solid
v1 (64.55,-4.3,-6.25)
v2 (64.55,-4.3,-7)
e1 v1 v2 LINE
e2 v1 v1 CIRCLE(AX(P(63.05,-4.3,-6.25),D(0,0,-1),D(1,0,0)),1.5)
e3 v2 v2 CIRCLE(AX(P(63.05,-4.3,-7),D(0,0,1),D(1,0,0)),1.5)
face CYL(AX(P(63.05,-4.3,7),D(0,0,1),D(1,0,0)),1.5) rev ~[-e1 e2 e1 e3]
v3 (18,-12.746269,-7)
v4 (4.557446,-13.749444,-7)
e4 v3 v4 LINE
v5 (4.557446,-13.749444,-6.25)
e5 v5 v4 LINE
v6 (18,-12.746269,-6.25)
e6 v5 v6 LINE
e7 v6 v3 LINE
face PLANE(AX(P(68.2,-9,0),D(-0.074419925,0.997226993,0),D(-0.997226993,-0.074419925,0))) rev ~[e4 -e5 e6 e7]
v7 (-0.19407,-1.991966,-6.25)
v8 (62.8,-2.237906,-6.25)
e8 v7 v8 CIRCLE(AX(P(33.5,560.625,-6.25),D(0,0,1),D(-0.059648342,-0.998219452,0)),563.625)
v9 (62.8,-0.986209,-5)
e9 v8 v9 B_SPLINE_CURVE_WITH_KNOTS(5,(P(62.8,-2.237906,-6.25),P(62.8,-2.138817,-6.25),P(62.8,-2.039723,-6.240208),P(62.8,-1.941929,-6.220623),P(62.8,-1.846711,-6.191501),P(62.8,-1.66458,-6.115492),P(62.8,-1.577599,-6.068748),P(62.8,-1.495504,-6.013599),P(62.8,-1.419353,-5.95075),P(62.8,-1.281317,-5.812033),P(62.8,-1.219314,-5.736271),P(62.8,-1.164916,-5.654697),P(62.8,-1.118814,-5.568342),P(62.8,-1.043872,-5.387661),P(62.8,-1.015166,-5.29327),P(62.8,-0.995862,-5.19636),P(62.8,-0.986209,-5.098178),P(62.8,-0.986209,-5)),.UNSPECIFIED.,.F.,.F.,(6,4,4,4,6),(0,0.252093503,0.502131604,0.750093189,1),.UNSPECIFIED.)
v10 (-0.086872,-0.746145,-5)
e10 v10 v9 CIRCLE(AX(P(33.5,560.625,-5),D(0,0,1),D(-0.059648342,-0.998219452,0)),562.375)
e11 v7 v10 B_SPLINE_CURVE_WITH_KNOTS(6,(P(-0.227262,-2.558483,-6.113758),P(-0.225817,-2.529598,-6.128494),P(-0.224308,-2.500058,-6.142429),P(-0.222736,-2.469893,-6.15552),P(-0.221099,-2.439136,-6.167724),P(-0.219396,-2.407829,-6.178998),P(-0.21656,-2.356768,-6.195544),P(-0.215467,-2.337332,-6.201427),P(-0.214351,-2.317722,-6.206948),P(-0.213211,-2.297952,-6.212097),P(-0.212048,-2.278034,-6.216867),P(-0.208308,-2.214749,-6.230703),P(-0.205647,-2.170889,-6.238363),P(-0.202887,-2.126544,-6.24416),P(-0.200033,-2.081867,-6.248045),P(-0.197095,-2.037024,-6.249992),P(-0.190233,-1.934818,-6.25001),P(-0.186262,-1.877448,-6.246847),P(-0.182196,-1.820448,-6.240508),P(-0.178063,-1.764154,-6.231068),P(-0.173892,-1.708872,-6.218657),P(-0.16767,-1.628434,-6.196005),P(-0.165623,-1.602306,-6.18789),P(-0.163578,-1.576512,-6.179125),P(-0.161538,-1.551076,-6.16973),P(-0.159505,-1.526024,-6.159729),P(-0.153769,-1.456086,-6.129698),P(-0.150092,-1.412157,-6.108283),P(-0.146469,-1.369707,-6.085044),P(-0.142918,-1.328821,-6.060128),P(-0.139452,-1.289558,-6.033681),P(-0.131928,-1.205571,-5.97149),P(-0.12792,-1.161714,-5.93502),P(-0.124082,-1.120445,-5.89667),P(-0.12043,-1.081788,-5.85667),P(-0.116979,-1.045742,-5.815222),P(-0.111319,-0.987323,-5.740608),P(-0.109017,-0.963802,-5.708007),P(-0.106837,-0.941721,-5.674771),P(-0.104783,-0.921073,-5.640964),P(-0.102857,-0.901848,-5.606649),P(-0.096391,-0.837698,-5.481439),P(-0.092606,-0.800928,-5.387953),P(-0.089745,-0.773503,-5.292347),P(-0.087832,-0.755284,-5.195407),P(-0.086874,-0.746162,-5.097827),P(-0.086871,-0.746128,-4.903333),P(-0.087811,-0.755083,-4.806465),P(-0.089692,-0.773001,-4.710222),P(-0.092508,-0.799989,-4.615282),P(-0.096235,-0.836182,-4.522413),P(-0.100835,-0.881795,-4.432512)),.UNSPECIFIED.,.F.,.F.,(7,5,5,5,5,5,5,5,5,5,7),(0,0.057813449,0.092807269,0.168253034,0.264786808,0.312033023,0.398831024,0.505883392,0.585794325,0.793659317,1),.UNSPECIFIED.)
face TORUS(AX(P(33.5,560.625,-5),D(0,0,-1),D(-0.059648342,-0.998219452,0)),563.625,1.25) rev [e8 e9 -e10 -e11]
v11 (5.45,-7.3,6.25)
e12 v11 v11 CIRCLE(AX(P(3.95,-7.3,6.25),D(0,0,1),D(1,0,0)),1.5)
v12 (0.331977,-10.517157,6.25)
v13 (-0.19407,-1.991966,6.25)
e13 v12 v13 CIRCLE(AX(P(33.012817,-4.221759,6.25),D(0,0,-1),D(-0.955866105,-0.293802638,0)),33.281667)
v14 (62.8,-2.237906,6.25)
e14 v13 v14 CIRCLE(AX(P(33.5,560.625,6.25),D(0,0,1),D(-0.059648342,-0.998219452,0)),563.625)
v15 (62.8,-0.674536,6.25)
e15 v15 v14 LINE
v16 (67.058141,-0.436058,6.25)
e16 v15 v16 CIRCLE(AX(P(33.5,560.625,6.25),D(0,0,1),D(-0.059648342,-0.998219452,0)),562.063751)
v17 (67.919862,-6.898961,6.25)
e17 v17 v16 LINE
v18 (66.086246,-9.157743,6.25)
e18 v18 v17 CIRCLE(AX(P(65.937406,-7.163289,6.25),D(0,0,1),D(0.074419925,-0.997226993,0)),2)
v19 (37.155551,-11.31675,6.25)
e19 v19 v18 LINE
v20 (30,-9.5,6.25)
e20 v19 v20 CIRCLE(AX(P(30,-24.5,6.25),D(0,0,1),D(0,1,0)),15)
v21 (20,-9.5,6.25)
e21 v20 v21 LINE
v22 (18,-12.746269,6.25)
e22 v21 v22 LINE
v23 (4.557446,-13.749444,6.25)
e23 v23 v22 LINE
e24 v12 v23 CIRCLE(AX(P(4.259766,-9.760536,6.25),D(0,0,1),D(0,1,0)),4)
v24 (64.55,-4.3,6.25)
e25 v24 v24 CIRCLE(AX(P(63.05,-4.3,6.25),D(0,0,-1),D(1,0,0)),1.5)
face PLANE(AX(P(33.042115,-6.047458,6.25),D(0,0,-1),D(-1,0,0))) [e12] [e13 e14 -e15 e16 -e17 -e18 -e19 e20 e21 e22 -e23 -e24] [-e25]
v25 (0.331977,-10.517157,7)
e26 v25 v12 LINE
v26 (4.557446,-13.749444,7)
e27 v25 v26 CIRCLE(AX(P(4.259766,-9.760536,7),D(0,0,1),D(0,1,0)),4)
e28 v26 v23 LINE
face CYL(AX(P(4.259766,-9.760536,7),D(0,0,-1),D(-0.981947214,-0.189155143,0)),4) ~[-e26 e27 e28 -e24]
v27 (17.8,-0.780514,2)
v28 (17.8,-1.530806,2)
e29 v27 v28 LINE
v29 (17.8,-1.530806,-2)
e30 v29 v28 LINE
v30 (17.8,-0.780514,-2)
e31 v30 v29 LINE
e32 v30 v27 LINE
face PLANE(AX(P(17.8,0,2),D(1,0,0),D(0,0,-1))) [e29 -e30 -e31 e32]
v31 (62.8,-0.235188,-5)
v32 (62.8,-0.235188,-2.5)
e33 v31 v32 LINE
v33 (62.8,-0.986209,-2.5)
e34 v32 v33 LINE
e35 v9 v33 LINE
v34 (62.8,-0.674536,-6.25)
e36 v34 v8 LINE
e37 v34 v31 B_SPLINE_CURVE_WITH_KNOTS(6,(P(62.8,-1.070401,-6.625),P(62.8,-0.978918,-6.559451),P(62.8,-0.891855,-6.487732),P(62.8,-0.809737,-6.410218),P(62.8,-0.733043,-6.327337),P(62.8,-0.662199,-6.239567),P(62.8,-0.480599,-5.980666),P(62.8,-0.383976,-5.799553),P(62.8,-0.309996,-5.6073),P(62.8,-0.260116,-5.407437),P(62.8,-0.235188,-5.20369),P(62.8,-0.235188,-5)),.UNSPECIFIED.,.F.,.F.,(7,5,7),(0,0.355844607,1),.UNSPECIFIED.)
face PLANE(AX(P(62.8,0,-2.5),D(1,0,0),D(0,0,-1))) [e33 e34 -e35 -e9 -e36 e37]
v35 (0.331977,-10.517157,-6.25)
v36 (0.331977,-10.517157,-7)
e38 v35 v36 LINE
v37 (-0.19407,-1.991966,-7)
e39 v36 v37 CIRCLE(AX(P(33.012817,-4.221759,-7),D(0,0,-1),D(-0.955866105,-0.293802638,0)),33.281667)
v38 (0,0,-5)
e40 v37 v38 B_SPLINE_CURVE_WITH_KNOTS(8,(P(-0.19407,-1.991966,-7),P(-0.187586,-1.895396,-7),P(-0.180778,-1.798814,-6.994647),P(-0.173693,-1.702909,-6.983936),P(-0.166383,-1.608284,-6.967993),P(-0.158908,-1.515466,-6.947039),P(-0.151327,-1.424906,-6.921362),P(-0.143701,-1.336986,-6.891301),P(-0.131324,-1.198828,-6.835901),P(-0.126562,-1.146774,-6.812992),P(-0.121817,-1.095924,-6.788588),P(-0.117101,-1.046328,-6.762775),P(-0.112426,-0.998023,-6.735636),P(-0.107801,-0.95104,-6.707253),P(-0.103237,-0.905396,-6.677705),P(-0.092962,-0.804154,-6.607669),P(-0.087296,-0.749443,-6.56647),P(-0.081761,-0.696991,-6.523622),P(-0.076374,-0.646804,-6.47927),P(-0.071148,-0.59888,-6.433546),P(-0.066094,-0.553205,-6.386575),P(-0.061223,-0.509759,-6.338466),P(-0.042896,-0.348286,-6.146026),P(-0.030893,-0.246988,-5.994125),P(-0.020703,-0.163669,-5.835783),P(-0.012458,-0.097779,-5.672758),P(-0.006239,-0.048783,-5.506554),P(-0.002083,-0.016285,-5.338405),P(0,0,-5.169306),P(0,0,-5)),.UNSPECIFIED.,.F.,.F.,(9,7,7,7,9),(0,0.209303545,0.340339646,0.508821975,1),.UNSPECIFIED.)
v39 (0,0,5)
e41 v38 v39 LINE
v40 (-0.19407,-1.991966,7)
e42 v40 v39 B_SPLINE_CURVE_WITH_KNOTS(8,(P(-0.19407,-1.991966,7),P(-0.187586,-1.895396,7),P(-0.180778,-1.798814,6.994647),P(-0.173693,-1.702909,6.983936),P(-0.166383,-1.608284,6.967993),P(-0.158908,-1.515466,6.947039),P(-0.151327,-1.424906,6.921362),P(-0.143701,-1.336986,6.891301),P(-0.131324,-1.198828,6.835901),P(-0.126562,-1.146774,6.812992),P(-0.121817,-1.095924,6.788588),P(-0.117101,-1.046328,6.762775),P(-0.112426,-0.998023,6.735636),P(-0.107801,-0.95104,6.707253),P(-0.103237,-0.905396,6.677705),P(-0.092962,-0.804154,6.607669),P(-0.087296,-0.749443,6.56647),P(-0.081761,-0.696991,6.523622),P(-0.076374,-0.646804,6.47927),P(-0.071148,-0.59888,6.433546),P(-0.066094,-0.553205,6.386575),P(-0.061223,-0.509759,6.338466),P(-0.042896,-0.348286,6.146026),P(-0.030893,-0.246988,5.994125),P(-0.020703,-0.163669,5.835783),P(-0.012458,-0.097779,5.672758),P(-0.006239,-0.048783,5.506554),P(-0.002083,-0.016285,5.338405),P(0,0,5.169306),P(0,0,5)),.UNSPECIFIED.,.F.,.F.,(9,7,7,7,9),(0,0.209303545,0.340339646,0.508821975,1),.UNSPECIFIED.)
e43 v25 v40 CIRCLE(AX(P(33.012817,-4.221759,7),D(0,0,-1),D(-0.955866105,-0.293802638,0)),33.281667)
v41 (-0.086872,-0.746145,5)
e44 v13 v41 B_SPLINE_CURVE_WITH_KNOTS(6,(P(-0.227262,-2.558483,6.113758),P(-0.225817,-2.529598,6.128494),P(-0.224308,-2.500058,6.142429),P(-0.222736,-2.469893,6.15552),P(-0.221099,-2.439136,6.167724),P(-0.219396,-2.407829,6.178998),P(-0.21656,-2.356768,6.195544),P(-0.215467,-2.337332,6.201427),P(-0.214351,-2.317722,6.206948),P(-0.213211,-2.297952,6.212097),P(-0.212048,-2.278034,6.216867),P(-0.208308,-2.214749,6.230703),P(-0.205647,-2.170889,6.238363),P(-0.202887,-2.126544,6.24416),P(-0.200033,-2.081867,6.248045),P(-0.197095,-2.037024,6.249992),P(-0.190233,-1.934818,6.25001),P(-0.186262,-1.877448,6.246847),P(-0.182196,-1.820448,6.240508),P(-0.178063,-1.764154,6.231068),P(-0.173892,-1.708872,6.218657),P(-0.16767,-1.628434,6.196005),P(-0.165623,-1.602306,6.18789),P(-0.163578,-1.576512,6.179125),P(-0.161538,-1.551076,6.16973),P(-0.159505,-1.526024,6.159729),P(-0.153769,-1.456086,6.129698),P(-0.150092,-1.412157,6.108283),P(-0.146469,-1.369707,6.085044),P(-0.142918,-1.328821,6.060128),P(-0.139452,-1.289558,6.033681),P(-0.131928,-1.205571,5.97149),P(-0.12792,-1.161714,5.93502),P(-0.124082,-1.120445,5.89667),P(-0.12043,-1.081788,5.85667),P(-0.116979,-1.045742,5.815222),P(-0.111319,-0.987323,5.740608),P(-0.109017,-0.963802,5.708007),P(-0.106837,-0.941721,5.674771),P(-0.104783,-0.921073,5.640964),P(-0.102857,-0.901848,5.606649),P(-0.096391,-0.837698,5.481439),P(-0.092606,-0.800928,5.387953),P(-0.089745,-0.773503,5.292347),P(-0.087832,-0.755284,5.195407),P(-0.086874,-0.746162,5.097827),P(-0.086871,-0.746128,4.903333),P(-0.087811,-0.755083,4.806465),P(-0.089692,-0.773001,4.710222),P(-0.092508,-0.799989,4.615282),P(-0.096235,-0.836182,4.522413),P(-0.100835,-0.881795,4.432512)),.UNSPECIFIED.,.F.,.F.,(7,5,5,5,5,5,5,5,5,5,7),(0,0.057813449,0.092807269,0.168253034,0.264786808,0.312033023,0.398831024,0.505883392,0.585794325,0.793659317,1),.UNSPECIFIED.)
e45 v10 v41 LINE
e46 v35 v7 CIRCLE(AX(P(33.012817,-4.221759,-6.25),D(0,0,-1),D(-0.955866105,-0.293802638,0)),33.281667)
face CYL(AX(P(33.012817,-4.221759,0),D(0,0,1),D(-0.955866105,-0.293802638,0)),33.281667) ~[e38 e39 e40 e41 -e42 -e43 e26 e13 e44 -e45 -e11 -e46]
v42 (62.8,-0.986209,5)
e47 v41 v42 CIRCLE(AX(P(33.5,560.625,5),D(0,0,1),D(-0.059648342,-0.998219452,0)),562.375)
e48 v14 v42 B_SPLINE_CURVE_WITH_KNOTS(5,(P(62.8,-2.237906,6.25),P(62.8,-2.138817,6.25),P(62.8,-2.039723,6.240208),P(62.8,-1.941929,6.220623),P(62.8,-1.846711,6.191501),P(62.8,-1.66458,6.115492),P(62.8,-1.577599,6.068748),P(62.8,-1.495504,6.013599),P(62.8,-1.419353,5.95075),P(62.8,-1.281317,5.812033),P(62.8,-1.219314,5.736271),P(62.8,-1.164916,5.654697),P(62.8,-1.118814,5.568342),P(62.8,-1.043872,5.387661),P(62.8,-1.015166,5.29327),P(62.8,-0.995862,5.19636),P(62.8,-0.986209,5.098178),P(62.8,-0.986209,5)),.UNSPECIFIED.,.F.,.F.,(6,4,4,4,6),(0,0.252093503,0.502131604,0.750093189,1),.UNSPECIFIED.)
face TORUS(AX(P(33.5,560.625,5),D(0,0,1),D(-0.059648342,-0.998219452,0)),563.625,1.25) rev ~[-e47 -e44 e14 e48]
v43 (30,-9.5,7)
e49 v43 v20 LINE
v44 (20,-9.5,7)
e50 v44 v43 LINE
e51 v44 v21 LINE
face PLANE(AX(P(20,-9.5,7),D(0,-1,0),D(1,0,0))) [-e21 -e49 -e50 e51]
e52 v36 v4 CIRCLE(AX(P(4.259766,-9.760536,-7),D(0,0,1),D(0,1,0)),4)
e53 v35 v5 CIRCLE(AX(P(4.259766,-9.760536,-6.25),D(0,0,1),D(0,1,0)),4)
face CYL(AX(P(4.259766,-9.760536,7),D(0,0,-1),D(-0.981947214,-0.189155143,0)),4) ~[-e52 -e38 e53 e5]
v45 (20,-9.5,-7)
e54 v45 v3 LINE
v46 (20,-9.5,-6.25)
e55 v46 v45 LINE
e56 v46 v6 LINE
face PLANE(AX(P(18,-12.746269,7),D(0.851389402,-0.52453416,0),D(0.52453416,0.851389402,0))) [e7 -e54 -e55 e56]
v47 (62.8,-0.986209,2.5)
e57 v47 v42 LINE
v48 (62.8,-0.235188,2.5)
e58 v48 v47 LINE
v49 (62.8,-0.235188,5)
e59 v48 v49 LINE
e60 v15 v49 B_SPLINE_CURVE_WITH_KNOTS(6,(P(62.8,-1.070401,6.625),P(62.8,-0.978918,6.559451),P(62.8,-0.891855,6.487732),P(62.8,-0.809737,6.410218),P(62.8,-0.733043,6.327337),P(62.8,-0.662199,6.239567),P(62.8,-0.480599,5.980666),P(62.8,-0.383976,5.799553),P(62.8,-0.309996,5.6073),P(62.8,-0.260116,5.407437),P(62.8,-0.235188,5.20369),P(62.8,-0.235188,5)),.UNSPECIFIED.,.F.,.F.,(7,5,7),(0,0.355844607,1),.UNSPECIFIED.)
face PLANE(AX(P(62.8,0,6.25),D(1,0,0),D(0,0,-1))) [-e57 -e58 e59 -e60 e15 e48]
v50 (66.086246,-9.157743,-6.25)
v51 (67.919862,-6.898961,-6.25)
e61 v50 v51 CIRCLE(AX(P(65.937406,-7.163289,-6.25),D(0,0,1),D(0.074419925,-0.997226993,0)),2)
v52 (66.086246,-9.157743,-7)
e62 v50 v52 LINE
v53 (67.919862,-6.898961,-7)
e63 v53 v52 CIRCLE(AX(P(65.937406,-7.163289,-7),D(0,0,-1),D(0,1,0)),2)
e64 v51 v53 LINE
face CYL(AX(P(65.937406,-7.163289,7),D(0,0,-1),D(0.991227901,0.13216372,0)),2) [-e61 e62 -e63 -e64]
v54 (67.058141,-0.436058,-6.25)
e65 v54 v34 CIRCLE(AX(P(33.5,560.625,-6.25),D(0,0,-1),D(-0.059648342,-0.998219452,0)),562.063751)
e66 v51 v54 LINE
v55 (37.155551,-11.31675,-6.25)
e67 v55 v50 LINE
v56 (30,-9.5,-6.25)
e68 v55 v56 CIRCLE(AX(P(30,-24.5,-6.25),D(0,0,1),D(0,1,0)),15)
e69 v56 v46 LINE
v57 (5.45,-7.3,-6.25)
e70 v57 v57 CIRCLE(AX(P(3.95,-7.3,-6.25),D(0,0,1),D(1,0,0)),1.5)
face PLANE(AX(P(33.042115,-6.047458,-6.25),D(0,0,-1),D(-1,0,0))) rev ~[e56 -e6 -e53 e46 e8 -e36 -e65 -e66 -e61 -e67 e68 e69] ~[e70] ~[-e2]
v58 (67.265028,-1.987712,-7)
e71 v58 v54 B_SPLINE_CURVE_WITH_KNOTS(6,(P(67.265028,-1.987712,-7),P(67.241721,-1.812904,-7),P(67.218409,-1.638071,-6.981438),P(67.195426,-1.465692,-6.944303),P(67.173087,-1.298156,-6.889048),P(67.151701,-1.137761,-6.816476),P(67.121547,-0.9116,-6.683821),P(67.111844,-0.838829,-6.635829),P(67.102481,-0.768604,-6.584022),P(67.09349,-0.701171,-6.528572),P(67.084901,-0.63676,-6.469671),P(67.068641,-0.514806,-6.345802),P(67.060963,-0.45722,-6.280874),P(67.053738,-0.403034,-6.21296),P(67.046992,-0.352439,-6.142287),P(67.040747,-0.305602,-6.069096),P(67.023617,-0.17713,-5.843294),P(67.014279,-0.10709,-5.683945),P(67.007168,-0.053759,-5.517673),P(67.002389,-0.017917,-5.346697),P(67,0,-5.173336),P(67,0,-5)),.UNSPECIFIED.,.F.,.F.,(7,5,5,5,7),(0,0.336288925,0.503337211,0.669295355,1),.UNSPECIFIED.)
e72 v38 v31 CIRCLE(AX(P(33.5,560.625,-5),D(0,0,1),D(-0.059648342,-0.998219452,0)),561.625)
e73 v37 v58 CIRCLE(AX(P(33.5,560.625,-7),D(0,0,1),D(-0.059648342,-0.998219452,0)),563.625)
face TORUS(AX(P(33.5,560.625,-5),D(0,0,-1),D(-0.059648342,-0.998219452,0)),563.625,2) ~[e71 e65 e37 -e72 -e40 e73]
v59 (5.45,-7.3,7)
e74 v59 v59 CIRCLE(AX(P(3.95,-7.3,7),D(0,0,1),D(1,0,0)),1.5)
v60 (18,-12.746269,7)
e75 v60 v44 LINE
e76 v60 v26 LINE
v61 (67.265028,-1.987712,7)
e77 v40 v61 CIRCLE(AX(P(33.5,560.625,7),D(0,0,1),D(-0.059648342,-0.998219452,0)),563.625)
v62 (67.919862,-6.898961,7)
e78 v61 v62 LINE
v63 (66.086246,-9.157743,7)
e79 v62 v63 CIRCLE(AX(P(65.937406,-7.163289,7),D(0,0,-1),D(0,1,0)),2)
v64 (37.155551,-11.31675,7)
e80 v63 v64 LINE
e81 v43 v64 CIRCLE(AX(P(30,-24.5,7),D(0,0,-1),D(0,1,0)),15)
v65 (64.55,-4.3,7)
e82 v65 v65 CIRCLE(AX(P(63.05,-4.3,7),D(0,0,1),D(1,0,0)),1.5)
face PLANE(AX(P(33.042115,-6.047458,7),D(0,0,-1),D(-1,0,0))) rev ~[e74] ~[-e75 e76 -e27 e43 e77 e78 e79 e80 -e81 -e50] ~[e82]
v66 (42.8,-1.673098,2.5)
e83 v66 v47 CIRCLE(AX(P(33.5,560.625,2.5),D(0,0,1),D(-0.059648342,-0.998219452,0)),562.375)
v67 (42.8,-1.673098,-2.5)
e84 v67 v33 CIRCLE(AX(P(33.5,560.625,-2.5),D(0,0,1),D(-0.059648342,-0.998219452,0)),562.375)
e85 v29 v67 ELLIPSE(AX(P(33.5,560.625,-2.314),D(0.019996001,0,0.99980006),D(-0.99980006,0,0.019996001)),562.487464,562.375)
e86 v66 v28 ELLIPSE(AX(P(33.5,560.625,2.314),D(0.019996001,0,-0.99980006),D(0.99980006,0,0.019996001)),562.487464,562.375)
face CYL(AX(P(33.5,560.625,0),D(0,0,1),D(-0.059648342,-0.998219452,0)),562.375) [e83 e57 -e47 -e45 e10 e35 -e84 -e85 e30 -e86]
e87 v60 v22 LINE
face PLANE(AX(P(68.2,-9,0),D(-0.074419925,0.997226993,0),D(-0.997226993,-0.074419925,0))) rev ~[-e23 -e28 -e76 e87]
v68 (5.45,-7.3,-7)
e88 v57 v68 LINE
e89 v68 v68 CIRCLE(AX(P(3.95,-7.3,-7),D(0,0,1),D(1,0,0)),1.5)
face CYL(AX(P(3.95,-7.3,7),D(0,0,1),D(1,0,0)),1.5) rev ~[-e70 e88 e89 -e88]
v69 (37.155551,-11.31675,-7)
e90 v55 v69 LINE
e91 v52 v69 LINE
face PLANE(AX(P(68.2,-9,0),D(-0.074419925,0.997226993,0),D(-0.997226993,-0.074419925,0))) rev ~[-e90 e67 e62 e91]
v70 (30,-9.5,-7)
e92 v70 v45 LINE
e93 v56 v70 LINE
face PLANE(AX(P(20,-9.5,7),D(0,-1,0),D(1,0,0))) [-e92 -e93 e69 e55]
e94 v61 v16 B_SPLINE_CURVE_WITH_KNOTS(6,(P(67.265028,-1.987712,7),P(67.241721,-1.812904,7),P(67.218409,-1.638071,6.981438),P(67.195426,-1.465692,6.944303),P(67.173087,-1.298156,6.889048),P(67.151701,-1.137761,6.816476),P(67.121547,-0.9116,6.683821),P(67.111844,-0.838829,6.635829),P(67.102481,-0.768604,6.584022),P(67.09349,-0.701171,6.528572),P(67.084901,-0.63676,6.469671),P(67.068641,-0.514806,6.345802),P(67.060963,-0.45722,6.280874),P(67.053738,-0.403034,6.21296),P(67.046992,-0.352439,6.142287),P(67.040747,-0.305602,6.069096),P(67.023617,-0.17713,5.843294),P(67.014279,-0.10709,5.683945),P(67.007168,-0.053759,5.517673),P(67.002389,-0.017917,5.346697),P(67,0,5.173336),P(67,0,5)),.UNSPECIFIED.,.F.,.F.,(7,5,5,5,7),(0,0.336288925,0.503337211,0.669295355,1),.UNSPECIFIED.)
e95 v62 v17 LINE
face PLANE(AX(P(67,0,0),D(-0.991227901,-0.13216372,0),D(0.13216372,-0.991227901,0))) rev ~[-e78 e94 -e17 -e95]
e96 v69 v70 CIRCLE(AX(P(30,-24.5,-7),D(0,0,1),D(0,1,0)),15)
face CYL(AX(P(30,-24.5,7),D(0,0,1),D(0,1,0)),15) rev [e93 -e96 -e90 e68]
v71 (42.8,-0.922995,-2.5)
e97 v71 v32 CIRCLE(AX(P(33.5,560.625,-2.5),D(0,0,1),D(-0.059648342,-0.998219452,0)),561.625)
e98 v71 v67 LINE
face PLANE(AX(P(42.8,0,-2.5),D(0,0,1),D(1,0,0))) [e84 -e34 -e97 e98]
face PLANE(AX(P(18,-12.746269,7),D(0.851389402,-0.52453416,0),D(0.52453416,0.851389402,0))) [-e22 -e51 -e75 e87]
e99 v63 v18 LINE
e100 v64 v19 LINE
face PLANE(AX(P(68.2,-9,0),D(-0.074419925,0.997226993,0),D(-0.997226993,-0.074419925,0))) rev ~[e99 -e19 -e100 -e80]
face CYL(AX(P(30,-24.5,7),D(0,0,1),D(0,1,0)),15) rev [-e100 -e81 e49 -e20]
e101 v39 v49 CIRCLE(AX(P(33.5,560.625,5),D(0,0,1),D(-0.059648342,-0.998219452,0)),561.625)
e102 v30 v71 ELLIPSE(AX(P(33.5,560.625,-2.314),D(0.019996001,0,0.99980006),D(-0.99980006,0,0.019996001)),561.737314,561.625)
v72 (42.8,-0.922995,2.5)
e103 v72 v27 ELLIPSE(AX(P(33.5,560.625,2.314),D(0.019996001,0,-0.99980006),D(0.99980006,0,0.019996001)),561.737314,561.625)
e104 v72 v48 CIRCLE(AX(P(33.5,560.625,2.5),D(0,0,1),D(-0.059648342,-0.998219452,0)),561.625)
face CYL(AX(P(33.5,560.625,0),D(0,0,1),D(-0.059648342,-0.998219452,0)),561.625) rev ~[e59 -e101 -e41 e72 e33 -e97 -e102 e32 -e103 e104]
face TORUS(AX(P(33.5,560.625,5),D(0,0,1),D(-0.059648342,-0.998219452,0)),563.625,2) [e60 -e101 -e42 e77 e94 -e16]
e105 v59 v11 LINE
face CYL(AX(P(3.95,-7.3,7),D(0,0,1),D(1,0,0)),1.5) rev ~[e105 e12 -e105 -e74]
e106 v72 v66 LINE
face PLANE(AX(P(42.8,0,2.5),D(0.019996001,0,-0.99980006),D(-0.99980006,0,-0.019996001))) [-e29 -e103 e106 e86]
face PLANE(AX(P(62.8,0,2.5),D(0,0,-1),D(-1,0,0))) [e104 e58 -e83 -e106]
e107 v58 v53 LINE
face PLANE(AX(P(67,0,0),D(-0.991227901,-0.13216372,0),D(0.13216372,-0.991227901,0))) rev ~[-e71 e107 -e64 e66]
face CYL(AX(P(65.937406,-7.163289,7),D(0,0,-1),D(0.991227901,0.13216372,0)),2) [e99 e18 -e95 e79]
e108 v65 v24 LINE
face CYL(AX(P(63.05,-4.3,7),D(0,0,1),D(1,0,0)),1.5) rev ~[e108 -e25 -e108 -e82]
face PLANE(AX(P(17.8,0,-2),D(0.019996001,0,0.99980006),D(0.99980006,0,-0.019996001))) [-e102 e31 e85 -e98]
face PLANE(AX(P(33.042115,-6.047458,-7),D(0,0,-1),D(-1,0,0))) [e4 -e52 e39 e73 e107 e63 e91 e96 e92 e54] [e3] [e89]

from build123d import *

# Parameters (mm, degrees)
BOSS_EXTRUDE1_DEPTH = 7
FILLET1_R           = 2
FILLET2_R           = 4
SHELL1_T            = -0.75
SKETCH4_R           = 1.5
CUT_EXTRUDE1_DEPTH  = 71.716642035
CUT_EXTRUDE2_DEPTH  = 14
CUT_EXTRUDE3_DEPTH  = 71.716642035


with BuildPart() as part:
    # Sketch3 → Boss-Extrude1 (new, symmetric)
    with BuildSketch(Plane.XY):
        with BuildLine():
            Line((67, 0), (68.2, -9))
            Line((68.2, -9), (1.2, -14))
            Line((1.2, -14), (0, 0))
            ThreePointArc((0, 0), (33.5, -1), (67, 0))
        make_face()
        with BuildLine():
            ThreePointArc((1.2, -14), (-0.147259987, -7.064050856), (0, 0))
            Line((0, 0), (1.2, -14))
        make_face()
    extrude(amount=BOSS_EXTRUDE1_DEPTH, both=True)

    # Fillet1
    fillet1_edges = [part.edges().sort_by_distance(p)[0] for p in [
        (33.5, -1, 7),
        (33.5, -1, -7),
        (68.2, -9, 0),
    ]]
    fillet(fillet1_edges, radius=FILLET1_R)

    # Fillet2
    fillet2_edges = [part.edges().sort_by_distance(p)[0] for p in [
        (1.2, -14, 0),
    ]]
    fillet(fillet2_edges, radius=FILLET2_R)

    # Shell1
    shell1_openings = [part.faces().sort_by_distance(p)[0] for p in [
        (67.467137389, -3.503530417, 0),
        (67.490186671, -8.423793277, 0),
        (1.829469038, -12.937587905, 0),
        (35.321845663, -11.453593607, 0),
        (-0.252281581, -5.271781297, 0),
    ]]
    offset(amount=SHELL1_T, openings=shell1_openings)

    # Sketch4 → Cut-Extrude1 (cut, through all)
    with BuildSketch(Plane.XY.offset(7)):
        with Locations((3.95, -7.3)):
            Circle(SKETCH4_R)
        with Locations((63.05, -4.3)):
            Circle(SKETCH4_R)
    extrude(amount=-CUT_EXTRUDE1_DEPTH, mode=Mode.SUBTRACT)

    # Sketch5 → Cut-Extrude2 (cut)
    with BuildSketch(Plane(origin=(0, 0, 0), x_dir=(1, 0, 0), z_dir=(0, 1, 0))):
        Polygon((17.8, -2), (17.8, 2), (42.8, 2.5), (62.8, 2.5), (62.8, 6.25), (67.8, 6.25), (67.8, -6.25), (62.8, -6.25), (62.8, -2.5), (42.8, -2.5), align=None)
    extrude(amount=-CUT_EXTRUDE2_DEPTH, mode=Mode.SUBTRACT)

    # Sketch6 → Cut-Extrude3 (cut, through all)
    with BuildSketch(Plane.XY.offset(7)):
        with BuildLine():
            Line((18, -12.746268657), (20, -9.5))
            Line((20, -9.5), (30, -9.5))
            ThreePointArc((30, -9.5), (33.691290315, -9.961280118), (37.155551452, -11.316749892))
            Line((37.155551452, -11.316749892), (18, -12.746268657))
        make_face()
    extrude(amount=-CUT_EXTRUDE3_DEPTH, mode=Mode.SUBTRACT)


solid = part.part
